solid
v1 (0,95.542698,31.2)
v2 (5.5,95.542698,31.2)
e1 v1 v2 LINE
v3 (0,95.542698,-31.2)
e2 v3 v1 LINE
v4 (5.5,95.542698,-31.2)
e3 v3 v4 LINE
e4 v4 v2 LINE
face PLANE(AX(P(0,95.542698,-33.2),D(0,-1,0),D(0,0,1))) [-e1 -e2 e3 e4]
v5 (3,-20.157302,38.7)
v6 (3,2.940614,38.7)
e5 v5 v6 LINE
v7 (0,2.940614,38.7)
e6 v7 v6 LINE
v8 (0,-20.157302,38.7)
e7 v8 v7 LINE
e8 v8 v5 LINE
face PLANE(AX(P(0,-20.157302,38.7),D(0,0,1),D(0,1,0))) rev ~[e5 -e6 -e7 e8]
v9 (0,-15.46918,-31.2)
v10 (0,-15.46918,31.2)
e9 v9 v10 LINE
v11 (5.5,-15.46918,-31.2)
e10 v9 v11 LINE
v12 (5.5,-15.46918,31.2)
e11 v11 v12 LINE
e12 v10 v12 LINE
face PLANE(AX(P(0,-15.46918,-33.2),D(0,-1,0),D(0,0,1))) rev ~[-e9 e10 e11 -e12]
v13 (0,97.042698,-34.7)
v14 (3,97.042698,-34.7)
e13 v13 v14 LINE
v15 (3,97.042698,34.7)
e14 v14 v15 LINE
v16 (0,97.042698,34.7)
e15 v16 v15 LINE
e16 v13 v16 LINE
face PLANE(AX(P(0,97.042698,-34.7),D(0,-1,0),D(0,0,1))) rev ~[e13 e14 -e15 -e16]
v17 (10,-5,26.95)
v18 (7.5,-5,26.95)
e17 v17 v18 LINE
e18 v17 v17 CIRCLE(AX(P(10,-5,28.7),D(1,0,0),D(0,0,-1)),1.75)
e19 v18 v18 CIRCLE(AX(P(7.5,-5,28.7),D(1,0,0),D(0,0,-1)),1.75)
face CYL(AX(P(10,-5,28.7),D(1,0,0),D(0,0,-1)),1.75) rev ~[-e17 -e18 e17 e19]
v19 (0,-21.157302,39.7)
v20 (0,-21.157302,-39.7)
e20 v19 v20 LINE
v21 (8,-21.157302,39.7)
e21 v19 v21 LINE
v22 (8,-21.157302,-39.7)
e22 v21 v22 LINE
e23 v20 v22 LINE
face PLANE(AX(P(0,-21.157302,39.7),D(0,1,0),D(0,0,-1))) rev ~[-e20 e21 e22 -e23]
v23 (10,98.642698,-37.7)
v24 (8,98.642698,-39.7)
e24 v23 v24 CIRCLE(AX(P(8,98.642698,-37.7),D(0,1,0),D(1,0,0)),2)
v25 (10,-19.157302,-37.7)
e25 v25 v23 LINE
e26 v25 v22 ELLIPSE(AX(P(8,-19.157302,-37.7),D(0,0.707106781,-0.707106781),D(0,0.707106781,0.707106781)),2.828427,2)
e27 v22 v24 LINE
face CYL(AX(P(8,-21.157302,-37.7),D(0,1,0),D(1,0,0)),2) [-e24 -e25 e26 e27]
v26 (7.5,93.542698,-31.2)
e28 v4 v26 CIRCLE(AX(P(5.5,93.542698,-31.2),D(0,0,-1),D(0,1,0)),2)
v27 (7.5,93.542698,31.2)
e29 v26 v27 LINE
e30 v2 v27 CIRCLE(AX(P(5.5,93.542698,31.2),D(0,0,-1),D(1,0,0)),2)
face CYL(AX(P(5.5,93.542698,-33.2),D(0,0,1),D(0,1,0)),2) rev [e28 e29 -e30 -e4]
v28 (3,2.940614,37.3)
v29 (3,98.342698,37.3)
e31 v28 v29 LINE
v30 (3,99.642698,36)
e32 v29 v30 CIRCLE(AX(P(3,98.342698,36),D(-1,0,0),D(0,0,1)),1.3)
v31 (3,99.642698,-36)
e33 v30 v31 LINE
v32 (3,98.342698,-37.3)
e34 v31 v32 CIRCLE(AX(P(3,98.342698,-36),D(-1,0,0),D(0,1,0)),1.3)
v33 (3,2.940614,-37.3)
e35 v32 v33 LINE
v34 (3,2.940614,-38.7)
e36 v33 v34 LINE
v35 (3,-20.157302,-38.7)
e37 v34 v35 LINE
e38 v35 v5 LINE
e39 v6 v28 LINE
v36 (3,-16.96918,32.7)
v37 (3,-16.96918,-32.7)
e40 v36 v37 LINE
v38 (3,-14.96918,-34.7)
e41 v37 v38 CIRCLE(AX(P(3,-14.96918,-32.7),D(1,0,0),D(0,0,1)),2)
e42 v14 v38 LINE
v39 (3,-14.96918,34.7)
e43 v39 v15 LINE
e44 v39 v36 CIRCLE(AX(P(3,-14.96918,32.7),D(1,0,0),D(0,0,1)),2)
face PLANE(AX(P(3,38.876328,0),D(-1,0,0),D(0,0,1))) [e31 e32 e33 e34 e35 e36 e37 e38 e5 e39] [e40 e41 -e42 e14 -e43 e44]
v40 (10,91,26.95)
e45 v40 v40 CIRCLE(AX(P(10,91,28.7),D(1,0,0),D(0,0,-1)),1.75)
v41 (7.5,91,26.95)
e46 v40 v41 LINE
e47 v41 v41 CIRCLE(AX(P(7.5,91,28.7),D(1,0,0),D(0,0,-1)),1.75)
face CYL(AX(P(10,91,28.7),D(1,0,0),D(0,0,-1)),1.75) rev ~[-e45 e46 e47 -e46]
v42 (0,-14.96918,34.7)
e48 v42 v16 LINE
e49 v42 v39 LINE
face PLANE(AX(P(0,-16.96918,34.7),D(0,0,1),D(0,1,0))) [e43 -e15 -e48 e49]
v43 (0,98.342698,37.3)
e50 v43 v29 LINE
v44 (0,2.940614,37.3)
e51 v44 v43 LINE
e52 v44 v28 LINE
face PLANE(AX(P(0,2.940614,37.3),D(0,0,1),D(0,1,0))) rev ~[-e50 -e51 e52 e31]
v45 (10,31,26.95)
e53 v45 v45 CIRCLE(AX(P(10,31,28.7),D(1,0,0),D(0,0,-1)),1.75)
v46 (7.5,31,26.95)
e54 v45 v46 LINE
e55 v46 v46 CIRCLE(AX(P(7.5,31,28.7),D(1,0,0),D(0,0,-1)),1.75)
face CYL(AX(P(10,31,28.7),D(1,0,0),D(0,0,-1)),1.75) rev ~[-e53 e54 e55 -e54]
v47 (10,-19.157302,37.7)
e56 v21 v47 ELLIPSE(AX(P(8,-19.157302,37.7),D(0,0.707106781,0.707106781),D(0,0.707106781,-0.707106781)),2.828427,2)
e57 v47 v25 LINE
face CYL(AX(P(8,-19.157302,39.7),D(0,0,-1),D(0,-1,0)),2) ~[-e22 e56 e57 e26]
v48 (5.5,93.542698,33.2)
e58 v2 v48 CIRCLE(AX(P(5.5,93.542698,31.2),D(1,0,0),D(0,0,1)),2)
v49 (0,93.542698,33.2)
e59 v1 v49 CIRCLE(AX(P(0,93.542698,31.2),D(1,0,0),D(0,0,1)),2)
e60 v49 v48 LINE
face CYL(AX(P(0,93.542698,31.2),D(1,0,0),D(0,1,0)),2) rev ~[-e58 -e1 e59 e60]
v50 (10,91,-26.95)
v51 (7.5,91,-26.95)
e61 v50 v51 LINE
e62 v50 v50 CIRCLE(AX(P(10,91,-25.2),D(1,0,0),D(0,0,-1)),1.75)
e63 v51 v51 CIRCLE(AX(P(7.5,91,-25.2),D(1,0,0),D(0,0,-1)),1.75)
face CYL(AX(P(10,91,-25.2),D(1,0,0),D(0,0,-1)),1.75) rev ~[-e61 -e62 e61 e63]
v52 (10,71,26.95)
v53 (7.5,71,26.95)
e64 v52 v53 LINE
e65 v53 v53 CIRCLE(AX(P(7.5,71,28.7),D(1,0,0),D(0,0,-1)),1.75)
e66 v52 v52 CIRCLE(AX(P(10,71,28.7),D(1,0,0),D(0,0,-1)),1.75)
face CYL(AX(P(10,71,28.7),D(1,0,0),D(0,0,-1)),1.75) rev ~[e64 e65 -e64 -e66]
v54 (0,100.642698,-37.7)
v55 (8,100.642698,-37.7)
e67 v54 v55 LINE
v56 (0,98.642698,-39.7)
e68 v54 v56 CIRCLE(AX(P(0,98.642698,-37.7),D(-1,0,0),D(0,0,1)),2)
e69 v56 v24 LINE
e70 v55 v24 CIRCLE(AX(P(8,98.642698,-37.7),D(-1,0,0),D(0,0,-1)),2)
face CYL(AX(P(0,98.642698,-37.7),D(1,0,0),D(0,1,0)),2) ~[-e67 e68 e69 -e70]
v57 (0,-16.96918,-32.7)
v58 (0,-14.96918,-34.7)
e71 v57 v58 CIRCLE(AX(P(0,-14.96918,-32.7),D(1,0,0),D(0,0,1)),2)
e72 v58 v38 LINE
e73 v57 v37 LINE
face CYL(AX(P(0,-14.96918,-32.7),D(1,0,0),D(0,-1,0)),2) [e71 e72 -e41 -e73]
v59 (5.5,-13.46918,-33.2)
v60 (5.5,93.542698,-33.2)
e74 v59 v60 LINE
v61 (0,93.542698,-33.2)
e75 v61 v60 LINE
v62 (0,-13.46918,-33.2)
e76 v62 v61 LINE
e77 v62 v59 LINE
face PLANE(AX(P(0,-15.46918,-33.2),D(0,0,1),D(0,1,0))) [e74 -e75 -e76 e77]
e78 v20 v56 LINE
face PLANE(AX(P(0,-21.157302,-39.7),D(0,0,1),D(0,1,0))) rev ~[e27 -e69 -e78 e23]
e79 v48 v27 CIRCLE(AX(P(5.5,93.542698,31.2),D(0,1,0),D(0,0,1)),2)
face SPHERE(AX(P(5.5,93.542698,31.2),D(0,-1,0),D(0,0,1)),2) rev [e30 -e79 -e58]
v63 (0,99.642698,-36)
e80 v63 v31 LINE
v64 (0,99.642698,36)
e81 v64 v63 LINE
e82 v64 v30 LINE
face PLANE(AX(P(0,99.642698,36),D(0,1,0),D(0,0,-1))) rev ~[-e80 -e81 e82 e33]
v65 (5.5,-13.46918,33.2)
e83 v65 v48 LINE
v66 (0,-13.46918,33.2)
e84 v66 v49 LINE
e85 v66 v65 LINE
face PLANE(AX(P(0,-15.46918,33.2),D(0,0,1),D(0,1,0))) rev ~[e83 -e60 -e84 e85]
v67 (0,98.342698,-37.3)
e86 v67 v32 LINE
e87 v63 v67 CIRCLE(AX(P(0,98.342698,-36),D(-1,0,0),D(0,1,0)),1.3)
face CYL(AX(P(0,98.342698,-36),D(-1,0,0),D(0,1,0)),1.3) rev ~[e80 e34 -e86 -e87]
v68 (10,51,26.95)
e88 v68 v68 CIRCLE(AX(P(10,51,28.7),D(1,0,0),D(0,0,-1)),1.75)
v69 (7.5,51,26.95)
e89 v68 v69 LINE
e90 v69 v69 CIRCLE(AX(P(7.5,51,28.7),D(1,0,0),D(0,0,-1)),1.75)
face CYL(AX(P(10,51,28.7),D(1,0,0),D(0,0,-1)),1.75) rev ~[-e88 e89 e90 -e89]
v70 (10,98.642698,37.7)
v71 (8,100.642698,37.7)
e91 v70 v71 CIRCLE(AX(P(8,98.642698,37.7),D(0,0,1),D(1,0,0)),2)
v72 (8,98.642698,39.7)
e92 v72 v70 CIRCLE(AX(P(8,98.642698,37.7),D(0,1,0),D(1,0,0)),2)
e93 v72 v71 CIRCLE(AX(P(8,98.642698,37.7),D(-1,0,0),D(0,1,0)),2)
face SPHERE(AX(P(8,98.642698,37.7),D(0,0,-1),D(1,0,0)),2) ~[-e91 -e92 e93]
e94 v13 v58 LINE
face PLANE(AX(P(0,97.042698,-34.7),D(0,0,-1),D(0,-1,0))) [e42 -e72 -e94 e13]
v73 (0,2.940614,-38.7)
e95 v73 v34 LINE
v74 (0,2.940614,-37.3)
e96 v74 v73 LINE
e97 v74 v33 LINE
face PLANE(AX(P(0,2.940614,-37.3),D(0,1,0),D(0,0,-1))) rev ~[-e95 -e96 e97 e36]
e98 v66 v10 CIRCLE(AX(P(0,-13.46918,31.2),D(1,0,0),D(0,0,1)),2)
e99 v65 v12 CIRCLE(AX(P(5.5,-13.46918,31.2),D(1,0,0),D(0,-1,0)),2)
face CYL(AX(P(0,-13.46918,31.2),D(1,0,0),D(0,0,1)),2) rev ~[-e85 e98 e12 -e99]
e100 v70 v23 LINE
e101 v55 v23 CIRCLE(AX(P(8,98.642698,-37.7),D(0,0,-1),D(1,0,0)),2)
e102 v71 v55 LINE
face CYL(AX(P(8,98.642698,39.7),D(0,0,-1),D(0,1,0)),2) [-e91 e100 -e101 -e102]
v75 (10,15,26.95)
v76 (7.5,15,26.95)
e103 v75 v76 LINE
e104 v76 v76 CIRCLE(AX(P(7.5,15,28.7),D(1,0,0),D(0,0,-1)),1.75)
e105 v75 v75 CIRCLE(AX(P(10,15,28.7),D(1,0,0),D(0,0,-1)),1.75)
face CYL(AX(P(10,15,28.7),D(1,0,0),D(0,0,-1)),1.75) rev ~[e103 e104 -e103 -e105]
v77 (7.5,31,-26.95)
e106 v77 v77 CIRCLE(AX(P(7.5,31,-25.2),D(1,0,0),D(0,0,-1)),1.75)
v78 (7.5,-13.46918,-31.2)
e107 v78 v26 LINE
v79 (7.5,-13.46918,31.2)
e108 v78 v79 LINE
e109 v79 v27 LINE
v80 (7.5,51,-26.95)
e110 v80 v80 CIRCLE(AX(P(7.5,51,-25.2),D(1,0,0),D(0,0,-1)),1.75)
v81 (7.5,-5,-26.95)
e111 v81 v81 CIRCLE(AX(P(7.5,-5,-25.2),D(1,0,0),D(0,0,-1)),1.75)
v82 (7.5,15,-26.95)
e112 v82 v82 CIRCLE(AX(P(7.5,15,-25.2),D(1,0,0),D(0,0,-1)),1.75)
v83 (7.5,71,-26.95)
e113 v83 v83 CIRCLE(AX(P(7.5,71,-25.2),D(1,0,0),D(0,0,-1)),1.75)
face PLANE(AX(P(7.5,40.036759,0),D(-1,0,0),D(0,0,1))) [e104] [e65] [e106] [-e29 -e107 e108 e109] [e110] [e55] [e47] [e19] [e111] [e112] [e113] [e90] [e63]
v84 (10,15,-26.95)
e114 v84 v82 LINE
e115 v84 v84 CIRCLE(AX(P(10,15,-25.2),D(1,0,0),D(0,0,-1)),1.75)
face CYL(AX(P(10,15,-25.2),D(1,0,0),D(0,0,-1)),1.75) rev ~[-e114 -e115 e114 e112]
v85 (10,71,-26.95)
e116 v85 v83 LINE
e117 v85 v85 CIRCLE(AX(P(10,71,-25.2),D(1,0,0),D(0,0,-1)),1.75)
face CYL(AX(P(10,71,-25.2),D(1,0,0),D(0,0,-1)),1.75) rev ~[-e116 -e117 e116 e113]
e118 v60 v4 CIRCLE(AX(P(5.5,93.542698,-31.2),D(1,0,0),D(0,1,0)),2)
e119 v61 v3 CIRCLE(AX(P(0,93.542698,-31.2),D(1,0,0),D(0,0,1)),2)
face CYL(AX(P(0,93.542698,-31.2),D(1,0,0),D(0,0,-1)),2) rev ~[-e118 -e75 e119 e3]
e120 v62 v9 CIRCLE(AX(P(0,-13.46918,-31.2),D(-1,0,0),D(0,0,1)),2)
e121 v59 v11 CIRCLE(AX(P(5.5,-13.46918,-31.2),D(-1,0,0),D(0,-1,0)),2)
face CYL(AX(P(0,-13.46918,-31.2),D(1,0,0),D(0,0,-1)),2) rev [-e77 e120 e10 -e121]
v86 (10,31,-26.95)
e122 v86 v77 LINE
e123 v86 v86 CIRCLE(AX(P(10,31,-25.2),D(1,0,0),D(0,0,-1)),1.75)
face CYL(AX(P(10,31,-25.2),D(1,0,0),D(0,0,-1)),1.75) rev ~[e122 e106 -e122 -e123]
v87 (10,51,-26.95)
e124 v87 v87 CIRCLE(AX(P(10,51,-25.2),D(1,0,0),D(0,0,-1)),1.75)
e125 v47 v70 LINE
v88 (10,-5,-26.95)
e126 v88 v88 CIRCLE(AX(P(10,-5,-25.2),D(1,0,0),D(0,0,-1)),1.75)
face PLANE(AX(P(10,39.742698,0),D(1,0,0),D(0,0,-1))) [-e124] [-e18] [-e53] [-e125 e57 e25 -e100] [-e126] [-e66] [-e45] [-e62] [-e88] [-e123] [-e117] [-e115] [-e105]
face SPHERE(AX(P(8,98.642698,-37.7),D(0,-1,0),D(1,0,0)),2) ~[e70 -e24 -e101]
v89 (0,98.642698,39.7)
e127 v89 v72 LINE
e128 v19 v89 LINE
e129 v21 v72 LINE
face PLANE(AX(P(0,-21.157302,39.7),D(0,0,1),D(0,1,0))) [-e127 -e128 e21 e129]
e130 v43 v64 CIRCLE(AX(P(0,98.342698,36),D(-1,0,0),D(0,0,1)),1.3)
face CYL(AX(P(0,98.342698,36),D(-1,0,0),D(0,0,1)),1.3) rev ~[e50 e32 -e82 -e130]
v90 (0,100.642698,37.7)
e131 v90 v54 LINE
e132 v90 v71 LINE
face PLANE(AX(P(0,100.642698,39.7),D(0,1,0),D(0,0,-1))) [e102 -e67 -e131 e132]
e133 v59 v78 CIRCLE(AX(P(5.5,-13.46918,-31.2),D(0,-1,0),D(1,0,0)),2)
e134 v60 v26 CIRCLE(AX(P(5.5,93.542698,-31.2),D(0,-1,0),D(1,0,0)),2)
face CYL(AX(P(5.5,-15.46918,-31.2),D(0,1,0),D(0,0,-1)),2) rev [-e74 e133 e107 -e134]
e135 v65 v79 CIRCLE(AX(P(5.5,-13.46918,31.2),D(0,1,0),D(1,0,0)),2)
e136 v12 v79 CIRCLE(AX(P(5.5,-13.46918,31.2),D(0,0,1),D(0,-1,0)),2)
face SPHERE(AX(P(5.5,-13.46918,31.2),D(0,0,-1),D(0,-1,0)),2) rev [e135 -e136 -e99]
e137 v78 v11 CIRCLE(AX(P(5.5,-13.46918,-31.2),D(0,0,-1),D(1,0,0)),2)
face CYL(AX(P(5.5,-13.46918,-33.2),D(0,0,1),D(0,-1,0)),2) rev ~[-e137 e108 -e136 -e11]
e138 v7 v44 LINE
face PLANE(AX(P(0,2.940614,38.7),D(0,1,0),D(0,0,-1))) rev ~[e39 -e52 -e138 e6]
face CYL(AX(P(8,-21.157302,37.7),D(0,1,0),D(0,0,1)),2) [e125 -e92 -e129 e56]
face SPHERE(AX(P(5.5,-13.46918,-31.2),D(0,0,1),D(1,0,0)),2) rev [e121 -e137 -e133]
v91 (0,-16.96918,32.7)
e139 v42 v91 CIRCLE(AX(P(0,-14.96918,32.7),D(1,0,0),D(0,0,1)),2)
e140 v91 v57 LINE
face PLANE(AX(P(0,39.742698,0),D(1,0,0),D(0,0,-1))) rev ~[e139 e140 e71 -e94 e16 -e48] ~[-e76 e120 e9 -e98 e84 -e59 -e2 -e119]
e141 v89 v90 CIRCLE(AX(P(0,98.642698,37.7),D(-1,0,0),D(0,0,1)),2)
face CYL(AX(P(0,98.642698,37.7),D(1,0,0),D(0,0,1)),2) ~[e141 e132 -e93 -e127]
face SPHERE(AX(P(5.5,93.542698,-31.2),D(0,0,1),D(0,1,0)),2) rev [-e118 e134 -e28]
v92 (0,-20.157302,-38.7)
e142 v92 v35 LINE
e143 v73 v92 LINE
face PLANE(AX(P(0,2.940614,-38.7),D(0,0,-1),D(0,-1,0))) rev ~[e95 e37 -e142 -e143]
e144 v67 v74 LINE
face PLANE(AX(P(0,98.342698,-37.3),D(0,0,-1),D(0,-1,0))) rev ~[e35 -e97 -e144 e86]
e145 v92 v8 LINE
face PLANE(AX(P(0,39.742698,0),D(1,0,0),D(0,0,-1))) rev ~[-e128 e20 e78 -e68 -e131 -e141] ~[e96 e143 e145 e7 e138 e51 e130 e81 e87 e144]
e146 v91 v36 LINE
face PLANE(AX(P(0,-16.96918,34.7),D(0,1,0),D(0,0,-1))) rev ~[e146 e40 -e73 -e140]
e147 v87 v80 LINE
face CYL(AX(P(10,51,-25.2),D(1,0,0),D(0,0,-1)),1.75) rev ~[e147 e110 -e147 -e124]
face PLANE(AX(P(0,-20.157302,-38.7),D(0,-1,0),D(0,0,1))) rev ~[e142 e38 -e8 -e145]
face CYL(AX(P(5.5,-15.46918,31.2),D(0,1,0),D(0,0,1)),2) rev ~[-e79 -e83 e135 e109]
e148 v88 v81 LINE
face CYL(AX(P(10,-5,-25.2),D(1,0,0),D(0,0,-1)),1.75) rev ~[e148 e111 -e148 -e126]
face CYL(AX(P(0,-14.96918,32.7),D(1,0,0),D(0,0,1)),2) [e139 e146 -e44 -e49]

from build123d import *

# Parameters (mm, degrees)
SKETCH2_W           = 79.4
SKETCH2_H           = 121.8
BOSS_EXTRUDE1_DEPTH = 10
CUT_EXTRUDE1_DEPTH  = 3
SKETCH7_W           = 66.4
SKETCH7_H           = 111.011877984
CUT_EXTRUDE4_DEPTH  = 7.5
FILLET2_R           = 2
SKETCH6_R           = 1.75
CUT_EXTRUDE5_DEPTH  = 26.5


with BuildPart() as part:
    # Sketch2 → Boss-Extrude1 (new body)
    with BuildSketch(Plane(origin=(0, 0, 0), x_dir=(0, 0, -1), z_dir=(1, 0, 0))):
        with Locations((0, 39.742697631)):
            Rectangle(SKETCH2_W, SKETCH2_H)
    extrude(amount=BOSS_EXTRUDE1_DEPTH)

    # Sketch3 → Cut-Extrude1 (cut)
    with BuildSketch(Plane(origin=(0, 0, 0), x_dir=(0, 0, -1), z_dir=(1, 0, 0))):
        with BuildLine():
            Line((-38.7, 1.942697631), (-38.7, 2.940614447))
            Line((-38.7, 2.940614447), (-37.3, 2.940614447))
            Line((-37.3, 2.940614447), (-37.3, 98.342697631))
            ThreePointArc((-37.3, 98.342697631), (-36.919238816, 99.261936446), (-36, 99.642697631))
            Line((-36, 99.642697631), (36, 99.642697631))
            ThreePointArc((36, 99.642697631), (36.919238816, 99.261936446), (37.3, 98.342697631))
            Line((37.3, 98.342697631), (37.3, 2.940614447))
            Line((37.3, 2.940614447), (38.7, 2.940614447))
            Line((38.7, 2.940614447), (38.7, 1.942697631))
            Line((38.7, 1.942697631), (38.7, -20.157302369))
            Line((38.7, -20.157302369), (-38.7, -20.157302369))
            Line((-38.7, -20.157302369), (-38.7, 1.942697631))
        make_face()
        Polygon((-34.7, -15.857302369), (-34.7, -16.969180353), (34.7, -16.969180353), (34.7, -15.857302369), (34.7, -1.057302369), (34.7, -0.657302369), (34.7, 97.042697631), (-34.7, 97.042697631), (-34.7, -0.657302369), (-34.7, -1.057302369), align=None, mode=Mode.SUBTRACT)
    extrude(amount=CUT_EXTRUDE1_DEPTH, mode=Mode.SUBTRACT)

    # Sketch7 → Cut-Extrude4 (cut)
    with BuildSketch(Plane.ZY):
        with Locations((0, 40.036758639)):
            Rectangle(SKETCH7_W, SKETCH7_H)
    extrude(amount=-CUT_EXTRUDE4_DEPTH, mode=Mode.SUBTRACT)

    # Fillet2
    fillet2_edges = [part.edges().sort_by_distance(p)[0] for p in [
        (10, 39.742697631, -39.7),
        (10, 100.642697631, 0),
        (1.5, -16.969180353, 34.7),
        (1.5, -16.969180353, -34.7),
        (10, 39.742697631, 39.7),
        (7.5, -15.469180353, 0),
        (3.75, -15.469180353, 33.2),
        (7.5, 40.036758639, 33.2),
        (3.75, 95.542697631, 33.2),
        (7.5, 95.542697631, 0),
        (3.75, 95.542697631, -33.2),
        (7.5, 40.036758639, -33.2),
        (3.75, -15.469180353, -33.2),
        (10, -21.157302369, 0),
        (5, 100.642697631, 39.7),
        (5, 100.642697631, -39.7),
    ]]
    fillet(fillet2_edges, radius=FILLET2_R)

    # Sketch6 → Cut-Extrude5 (cut)
    with BuildSketch(Plane(origin=(10, 0, 0), x_dir=(0, 0, -1), z_dir=(1, 0, 0))):
        with Locations((-28.7, 91)):
            Circle(SKETCH6_R)
        with Locations((25.2, 91)):
            Circle(SKETCH6_R)
        with Locations((-28.7, 71)):
            Circle(SKETCH6_R)
        with Locations((-28.7, 51)):
            Circle(SKETCH6_R)
        with Locations((-28.7, 31)):
            Circle(SKETCH6_R)
        with Locations((25.2, 31)):
            Circle(SKETCH6_R)
        with Locations((25.2, 51)):
            Circle(SKETCH6_R)
        with Locations((25.2, 71)):
            Circle(SKETCH6_R)
        with Locations((-28.7, 15)):
            Circle(SKETCH6_R)
        with Locations((25.2, 15)):
            Circle(SKETCH6_R)
        with Locations((-28.7, -5)):
            Circle(SKETCH6_R)
        with Locations((25.2, -5)):
            Circle(SKETCH6_R)
    extrude(amount=-CUT_EXTRUDE5_DEPTH, mode=Mode.SUBTRACT)


solid = part.part
